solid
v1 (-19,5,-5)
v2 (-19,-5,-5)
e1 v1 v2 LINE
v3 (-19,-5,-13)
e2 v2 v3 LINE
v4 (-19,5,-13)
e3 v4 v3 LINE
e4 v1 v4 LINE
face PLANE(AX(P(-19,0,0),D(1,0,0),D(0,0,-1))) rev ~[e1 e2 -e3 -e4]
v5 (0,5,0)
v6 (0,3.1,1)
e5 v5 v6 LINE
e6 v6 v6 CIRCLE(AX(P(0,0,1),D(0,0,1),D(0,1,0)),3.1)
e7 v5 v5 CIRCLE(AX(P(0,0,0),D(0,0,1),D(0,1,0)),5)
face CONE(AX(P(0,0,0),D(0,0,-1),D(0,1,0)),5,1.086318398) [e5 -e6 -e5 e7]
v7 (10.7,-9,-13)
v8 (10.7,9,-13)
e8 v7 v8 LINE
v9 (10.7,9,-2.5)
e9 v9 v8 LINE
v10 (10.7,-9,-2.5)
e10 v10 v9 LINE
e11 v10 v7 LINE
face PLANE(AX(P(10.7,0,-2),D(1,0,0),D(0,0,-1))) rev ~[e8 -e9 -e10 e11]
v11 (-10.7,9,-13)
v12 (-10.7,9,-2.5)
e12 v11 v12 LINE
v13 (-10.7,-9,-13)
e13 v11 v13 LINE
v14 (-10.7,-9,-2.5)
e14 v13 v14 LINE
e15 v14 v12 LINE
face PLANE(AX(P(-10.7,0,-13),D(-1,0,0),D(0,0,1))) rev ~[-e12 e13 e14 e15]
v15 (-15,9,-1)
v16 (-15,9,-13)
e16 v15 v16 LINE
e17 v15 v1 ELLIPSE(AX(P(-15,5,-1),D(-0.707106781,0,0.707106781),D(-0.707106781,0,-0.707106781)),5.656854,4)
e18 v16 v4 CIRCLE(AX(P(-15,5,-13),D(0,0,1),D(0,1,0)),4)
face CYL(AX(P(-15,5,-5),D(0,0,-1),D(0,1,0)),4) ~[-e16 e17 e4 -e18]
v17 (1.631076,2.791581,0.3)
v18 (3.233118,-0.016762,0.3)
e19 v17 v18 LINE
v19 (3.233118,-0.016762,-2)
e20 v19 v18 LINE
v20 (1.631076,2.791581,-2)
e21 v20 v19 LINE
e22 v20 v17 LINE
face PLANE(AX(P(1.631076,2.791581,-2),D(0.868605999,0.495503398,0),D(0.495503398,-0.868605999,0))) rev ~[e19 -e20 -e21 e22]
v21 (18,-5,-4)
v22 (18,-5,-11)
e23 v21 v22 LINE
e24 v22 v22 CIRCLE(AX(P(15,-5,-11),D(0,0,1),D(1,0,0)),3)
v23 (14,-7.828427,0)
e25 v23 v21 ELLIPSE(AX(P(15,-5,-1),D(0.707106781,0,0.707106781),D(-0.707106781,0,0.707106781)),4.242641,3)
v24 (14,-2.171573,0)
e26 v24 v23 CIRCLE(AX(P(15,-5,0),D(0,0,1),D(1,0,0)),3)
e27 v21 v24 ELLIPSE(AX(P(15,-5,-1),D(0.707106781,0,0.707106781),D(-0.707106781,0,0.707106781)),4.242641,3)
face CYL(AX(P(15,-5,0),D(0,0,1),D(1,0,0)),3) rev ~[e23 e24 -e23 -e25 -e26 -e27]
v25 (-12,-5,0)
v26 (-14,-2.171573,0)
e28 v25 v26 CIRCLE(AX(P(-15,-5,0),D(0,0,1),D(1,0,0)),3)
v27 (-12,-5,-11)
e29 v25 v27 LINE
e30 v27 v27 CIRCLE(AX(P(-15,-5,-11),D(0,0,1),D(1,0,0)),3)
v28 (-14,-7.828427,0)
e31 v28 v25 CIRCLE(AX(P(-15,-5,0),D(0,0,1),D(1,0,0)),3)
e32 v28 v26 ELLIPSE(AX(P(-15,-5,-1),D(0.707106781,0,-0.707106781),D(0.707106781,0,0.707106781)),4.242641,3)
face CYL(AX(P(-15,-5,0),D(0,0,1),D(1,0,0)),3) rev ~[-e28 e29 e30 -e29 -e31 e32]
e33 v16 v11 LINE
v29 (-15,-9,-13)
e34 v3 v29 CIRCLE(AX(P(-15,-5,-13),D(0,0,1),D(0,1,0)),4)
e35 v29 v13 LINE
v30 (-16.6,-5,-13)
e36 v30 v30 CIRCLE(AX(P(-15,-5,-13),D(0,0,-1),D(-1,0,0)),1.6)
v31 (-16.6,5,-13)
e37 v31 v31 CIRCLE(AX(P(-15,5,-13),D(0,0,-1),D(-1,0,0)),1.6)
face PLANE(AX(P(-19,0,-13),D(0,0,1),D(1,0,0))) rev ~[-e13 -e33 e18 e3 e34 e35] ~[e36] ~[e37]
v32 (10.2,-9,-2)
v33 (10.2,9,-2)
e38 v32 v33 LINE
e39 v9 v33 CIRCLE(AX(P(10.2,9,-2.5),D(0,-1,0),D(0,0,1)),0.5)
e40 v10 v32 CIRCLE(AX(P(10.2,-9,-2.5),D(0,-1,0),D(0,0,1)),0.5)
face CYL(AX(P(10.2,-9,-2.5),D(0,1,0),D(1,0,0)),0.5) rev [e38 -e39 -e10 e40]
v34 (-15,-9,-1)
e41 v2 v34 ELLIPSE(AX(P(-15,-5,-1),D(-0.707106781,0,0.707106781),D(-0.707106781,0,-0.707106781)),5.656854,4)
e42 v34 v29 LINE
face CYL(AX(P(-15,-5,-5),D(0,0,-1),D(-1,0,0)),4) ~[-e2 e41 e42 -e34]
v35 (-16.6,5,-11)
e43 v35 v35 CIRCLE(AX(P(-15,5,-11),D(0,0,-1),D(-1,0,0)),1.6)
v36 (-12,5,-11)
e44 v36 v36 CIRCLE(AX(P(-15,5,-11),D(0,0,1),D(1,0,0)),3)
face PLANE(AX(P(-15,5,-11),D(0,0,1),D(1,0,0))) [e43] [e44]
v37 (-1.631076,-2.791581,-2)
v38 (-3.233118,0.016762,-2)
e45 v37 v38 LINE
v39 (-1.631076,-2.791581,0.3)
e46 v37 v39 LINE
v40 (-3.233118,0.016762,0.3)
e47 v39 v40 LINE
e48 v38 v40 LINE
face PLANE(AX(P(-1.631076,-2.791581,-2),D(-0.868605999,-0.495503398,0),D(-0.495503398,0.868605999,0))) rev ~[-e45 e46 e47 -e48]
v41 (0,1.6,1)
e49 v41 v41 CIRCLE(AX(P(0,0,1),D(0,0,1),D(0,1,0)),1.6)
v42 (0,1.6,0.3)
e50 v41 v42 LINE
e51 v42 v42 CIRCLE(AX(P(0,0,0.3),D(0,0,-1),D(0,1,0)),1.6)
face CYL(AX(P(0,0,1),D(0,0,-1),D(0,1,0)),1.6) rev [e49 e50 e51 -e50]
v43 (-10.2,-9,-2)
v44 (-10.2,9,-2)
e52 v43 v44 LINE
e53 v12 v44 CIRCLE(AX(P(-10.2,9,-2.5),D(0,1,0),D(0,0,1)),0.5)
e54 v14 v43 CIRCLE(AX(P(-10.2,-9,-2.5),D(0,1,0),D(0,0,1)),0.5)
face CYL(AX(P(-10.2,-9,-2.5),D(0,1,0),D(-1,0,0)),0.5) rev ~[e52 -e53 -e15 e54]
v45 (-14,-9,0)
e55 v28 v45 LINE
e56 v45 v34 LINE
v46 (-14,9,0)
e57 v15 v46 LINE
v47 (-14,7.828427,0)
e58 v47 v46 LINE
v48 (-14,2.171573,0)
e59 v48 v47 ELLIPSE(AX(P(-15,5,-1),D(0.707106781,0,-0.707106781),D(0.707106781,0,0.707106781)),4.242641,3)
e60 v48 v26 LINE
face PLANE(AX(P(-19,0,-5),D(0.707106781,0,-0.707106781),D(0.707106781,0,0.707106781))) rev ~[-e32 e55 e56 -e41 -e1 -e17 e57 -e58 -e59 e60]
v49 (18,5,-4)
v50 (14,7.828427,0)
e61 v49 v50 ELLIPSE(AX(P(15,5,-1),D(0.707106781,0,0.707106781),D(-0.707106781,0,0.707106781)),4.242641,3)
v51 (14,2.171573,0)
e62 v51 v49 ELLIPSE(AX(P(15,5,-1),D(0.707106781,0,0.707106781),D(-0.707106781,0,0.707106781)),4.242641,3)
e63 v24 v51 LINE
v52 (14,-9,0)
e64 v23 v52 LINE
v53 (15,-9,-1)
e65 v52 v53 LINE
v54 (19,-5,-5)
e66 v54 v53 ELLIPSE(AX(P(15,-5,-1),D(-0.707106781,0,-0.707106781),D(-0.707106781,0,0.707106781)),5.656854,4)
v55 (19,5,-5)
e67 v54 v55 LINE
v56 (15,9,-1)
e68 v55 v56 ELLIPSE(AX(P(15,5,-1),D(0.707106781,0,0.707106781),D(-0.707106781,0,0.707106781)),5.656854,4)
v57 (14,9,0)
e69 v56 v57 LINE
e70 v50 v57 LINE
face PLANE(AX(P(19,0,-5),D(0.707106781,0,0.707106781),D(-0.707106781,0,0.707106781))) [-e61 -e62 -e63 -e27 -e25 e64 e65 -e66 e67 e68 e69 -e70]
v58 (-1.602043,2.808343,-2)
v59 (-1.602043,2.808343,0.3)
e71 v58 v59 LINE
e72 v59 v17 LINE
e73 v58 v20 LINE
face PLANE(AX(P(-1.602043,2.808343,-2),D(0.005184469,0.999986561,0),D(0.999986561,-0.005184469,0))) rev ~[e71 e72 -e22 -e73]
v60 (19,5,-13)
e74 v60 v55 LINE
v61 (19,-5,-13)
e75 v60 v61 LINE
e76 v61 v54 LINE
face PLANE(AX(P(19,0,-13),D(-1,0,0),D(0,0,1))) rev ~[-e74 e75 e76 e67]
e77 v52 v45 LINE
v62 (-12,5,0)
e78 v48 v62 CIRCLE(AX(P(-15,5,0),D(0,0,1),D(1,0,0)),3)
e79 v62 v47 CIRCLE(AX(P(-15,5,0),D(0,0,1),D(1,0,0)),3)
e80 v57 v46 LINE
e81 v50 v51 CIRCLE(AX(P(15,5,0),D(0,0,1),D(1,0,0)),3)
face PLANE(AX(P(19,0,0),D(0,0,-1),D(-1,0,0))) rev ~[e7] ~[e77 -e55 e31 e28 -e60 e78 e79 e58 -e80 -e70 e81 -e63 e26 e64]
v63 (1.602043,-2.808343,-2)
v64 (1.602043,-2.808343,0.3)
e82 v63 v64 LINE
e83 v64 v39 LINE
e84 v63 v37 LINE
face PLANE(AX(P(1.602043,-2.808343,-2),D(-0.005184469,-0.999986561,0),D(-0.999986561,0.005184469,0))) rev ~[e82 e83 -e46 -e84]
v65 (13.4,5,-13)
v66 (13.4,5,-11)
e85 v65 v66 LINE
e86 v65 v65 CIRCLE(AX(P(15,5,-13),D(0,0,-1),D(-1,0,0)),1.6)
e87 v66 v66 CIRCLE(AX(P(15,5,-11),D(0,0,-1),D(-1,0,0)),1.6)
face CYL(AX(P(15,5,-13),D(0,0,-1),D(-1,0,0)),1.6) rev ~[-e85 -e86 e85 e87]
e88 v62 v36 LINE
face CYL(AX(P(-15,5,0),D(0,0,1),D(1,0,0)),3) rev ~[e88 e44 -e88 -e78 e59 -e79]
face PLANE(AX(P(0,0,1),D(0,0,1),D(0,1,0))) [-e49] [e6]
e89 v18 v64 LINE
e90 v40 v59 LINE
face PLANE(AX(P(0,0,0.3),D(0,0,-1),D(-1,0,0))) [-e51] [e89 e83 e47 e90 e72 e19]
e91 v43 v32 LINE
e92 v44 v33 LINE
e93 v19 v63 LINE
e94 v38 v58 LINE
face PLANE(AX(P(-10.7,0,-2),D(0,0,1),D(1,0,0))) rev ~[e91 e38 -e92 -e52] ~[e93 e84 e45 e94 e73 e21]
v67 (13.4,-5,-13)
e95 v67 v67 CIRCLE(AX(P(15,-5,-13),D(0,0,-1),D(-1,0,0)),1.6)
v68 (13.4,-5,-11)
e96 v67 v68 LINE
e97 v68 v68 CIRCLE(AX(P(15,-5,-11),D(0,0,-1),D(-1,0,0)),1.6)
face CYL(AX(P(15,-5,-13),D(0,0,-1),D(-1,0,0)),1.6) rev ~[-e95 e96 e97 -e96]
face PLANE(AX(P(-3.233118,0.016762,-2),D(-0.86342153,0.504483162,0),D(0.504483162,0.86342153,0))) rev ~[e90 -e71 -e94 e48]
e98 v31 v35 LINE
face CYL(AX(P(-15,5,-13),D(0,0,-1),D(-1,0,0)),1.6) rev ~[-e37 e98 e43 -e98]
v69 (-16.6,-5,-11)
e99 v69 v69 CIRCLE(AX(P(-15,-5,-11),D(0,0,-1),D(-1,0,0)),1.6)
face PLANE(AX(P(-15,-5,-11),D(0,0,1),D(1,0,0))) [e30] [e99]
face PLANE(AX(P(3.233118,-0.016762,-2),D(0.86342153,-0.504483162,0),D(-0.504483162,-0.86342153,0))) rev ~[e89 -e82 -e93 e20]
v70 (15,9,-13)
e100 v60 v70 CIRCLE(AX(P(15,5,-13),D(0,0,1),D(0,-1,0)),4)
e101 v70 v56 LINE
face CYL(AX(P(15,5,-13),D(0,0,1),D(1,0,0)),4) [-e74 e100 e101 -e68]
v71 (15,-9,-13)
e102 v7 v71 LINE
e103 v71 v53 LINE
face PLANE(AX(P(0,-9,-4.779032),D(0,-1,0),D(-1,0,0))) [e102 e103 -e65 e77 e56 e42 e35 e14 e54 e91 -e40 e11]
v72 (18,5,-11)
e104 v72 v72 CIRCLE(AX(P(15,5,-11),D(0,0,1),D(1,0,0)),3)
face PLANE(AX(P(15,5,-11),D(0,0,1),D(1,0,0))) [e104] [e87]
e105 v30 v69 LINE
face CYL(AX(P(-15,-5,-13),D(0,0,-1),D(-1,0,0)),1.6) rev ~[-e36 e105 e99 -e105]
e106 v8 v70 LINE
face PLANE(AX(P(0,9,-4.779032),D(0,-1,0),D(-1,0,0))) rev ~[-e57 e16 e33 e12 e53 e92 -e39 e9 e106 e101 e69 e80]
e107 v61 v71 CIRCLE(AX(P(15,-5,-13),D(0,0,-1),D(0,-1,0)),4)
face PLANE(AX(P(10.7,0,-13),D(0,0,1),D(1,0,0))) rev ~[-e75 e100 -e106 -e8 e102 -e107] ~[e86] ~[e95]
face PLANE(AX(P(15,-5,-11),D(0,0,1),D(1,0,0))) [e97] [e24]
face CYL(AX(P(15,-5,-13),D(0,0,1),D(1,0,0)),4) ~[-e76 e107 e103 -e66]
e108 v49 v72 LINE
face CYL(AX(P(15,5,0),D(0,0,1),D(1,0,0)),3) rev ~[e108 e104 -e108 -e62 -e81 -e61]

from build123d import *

# Parameters (mm, degrees)
BOSS_EXTRUDE1_DEPTH     = 9
SKETCH2_R               = 1.6
CUT_EXTRUDE1_DEPTH      = 14
SKETCH3_R               = 1.6
CUT_EXTRUDE2_DEPTH      = 3
CUT_EXTRUDE3_DEPTH      = 2.3
CUT_EXTRUDE4_DEPTH      = 10
CUT_EXTRUDE4_DEPTH_BACK = 10
FILLET2_R               = 4
FILLET5_R               = 0.5
SKETCH11_R              = 3
CUT_EXTRUDE5_DEPTH      = 11


with BuildPart() as part:
    # Sketch1 → Boss-Extrude1 (new body, symmetric)
    with BuildSketch(Plane(origin=(0, 0, 0), x_dir=(1, 0, 0), z_dir=(0, 1, 0))):
        Polygon((10.7, 13), (19, 13), (19, 0), (-19, 0), (-19, 13), (-10.7, 13), (-10.7, 2), (10.7, 2), align=None)
    extrude(amount=BOSS_EXTRUDE1_DEPTH, both=True)

    # Sketch2 → Cut-Extrude1 (cut, through all)
    with BuildSketch(Plane(origin=(0, 0, -13), x_dir=(-1, 0, 0), z_dir=(0, 0, -1))):
        with Locations((-15, 5)):
            Circle(SKETCH2_R)
        with Locations((-15, -5)):
            Circle(SKETCH2_R)
        with Locations((15, 5)):
            Circle(SKETCH2_R)
        with Locations((15, -5)):
            Circle(SKETCH2_R)
    extrude(amount=-CUT_EXTRUDE1_DEPTH, mode=Mode.SUBTRACT)

    # Sketch3 → Cut-Extrude2 (cut, through all)
    with BuildSketch(Plane(origin=(0, 0, -2), x_dir=(-1, 0, 0), z_dir=(0, 0, -1))):
        Circle(SKETCH3_R)
    extrude(amount=-CUT_EXTRUDE2_DEPTH, mode=Mode.SUBTRACT)

    # Sketch9 → Revolve1 (revolve)
    with BuildSketch(Plane(origin=(0, 0, 0), x_dir=(0, 0, -1), z_dir=(1, 0, 0))):
        Polygon((0, 1.6), (0, 5), (-1, 3.1), (-1, 1.6), align=None)
    revolve(axis=Axis((0, 0, 0), (0, 0, 1)))

    # Sketch4 → Cut-Extrude3 (cut)
    with BuildSketch(Plane(origin=(0, 0, -2), x_dir=(-1, 0, 0), z_dir=(0, 0, -1))):
        Polygon((1.602042514, 2.808343483), (-1.631075541, 2.791581257), (-3.233118056, -0.016762226), (-1.602042514, -2.808343483), (1.631075541, -2.791581257), (3.233118056, 0.016762226), align=None)
    extrude(amount=-CUT_EXTRUDE3_DEPTH, mode=Mode.SUBTRACT)

    # Sketch10 → Cut-Extrude4 (cut, two sides)
    with BuildSketch(Plane(origin=(0, 0, 0), x_dir=(1, 0, 0), z_dir=(0, 1, 0))) as cut_extrude4_sk:
        Polygon((-19, 0), (-19, 5), (-14, 0), align=None)
        Polygon((14, 0), (19, 0), (19, 5), align=None)
    extrude(amount=CUT_EXTRUDE4_DEPTH, mode=Mode.SUBTRACT)
    extrude(cut_extrude4_sk.sketch, amount=-CUT_EXTRUDE4_DEPTH_BACK, mode=Mode.SUBTRACT)

    # Fillet2
    fillet2_edges = [part.edges().sort_by_distance(p)[0] for p in [
        (-19, -9, -9),
        (-19, 9, -9),
        (19, -9, -9),
        (19, 9, -9),
    ]]
    fillet(fillet2_edges, radius=FILLET2_R)

    # Fillet5
    fillet5_edges = [part.edges().sort_by_distance(p)[0] for p in [
        (-10.7, 0, -2),
        (10.7, 0, -2),
    ]]
    fillet(fillet5_edges, radius=FILLET5_R)

    # Sketch11 → Cut-Extrude5 (cut)
    with BuildSketch(Plane.XY):
        with Locations((-15, 5)):
            Circle(SKETCH11_R)
        with Locations((-15, -5)):
            Circle(SKETCH11_R)
        with Locations((15, 5)):
            Circle(SKETCH11_R)
        with Locations((15, -5)):
            Circle(SKETCH11_R)
    extrude(amount=-CUT_EXTRUDE5_DEPTH, mode=Mode.SUBTRACT)


solid = part.part
